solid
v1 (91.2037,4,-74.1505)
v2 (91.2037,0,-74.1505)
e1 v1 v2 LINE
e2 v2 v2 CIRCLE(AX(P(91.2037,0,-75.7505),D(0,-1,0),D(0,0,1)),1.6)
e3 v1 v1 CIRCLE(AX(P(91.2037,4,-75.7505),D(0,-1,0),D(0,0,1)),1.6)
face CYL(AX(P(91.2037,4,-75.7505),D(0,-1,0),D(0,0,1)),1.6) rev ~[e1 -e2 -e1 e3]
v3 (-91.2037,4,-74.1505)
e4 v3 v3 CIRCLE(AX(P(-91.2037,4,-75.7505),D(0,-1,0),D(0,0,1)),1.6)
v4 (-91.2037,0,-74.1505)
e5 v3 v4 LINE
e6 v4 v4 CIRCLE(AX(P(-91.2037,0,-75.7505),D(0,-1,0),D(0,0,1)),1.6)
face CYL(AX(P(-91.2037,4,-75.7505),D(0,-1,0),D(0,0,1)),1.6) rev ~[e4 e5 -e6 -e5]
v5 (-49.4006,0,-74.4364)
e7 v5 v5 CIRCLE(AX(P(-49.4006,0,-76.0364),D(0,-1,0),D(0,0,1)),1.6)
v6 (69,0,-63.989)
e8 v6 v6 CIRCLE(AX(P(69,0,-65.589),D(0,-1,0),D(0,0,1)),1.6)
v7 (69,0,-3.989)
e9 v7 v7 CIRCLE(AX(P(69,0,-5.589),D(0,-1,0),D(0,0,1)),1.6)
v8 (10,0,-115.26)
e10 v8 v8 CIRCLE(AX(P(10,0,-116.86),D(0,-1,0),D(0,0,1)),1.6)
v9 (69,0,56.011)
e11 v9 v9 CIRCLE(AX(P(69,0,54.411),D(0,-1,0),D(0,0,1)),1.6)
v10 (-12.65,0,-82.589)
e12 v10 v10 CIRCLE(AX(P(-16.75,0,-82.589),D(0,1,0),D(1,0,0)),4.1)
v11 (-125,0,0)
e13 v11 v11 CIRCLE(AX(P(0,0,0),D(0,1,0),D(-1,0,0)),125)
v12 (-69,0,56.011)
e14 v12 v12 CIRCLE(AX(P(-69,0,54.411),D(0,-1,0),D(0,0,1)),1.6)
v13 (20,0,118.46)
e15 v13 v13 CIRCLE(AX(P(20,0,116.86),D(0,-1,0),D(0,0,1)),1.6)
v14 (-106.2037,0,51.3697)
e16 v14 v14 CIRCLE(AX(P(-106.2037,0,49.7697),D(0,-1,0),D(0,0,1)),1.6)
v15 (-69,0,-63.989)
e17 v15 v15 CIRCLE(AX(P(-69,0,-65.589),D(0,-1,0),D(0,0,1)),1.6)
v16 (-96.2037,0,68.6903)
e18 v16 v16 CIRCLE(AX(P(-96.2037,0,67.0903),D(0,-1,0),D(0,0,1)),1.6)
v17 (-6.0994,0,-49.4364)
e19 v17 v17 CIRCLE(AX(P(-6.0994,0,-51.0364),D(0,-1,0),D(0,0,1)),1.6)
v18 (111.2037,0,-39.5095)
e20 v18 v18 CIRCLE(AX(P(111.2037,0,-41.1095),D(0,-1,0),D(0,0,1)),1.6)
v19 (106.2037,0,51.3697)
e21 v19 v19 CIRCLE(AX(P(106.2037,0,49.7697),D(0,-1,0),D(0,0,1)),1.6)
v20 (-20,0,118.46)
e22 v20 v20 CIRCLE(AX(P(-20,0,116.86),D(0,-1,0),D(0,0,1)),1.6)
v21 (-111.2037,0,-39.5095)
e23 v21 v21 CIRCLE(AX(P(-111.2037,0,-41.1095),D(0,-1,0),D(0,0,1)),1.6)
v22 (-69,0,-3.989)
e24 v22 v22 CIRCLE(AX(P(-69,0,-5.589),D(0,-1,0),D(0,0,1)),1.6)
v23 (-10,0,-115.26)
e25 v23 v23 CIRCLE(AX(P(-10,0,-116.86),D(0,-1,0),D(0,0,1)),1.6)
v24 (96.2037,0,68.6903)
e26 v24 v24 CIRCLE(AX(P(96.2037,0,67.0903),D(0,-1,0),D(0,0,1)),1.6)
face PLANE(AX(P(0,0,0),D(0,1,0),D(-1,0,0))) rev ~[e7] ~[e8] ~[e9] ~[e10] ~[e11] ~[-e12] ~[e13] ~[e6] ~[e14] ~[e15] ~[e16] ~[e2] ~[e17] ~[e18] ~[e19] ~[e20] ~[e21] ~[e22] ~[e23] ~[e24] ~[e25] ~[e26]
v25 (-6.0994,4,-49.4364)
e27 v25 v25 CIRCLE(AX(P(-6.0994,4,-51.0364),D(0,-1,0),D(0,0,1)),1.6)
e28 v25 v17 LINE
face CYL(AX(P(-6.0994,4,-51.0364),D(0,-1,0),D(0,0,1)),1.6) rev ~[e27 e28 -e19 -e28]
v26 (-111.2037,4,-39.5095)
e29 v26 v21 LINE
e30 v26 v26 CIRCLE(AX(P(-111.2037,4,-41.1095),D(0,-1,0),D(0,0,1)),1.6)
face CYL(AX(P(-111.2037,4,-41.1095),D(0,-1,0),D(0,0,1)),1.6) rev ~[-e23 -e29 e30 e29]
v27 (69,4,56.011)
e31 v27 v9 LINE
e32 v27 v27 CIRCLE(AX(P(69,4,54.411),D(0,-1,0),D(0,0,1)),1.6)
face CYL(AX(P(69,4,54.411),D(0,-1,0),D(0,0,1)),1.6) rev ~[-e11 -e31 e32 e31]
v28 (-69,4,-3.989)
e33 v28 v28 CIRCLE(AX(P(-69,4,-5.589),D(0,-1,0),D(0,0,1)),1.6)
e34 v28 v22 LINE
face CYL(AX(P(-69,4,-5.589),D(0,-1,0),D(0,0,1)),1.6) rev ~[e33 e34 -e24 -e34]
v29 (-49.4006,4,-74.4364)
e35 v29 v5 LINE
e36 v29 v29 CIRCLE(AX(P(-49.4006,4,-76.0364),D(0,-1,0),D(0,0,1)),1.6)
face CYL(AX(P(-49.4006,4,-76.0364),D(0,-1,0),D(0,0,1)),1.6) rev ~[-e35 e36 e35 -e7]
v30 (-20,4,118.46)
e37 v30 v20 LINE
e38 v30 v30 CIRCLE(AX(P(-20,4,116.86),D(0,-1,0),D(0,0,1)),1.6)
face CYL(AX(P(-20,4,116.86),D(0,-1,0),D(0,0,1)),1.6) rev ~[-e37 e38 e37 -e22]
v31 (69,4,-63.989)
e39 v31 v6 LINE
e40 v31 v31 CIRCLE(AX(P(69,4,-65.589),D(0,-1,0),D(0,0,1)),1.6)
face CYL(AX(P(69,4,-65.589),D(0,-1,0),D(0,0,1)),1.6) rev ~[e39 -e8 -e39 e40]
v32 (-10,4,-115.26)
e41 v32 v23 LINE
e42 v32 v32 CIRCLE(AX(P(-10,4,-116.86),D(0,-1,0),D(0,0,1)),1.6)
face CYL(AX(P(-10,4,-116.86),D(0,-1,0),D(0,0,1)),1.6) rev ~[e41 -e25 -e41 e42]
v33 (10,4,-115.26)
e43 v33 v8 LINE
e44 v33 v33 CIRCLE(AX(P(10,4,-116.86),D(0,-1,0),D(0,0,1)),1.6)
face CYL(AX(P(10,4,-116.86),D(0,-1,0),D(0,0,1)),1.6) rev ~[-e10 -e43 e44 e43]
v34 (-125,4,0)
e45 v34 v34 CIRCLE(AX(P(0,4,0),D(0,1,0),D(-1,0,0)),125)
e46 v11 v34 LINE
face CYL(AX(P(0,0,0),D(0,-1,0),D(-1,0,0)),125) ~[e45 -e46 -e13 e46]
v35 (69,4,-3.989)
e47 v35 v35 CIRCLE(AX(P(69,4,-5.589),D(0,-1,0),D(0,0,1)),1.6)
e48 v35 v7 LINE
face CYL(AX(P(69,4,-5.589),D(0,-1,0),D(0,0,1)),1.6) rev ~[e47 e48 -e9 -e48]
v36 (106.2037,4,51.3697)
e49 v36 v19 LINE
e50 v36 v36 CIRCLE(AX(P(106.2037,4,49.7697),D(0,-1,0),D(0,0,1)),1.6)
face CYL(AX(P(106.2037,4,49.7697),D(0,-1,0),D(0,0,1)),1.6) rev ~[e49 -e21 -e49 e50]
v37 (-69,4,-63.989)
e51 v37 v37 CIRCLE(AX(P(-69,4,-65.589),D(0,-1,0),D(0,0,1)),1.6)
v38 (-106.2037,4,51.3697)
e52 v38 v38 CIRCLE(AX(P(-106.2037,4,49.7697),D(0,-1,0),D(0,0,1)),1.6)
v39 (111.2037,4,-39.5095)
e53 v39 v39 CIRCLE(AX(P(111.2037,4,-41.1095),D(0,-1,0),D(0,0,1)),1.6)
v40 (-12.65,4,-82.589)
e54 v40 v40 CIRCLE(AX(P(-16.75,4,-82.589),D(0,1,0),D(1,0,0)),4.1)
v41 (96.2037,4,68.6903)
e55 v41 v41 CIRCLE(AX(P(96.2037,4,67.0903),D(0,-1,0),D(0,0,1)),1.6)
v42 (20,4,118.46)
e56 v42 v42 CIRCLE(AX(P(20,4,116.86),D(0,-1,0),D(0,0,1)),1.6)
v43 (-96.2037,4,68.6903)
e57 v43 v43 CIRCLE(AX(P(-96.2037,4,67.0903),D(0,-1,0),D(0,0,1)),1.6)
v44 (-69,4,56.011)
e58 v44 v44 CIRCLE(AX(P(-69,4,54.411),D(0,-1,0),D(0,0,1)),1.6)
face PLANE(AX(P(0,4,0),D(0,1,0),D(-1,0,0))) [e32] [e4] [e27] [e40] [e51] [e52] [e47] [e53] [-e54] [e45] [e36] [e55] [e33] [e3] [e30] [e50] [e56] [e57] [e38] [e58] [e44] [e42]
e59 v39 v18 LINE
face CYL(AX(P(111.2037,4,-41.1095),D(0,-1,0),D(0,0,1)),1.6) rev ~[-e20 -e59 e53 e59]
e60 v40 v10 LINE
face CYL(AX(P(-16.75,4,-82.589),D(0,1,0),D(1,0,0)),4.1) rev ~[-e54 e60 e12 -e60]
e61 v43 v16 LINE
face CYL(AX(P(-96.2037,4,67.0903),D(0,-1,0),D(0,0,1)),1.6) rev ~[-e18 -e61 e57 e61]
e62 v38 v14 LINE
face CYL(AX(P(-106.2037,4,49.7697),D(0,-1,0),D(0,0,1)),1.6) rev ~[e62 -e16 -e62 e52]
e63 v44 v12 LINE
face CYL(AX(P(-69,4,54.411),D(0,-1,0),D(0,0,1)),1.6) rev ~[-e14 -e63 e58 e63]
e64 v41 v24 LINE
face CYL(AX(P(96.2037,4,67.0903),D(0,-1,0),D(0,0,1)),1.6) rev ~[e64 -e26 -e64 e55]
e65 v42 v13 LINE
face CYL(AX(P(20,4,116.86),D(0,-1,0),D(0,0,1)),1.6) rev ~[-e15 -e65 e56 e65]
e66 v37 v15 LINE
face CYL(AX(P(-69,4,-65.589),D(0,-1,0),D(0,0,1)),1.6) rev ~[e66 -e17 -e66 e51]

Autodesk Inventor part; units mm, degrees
ref_plane "YZ Plane" through (0, 0, 0) normal (1, 0, 0) x (0, 1, 0)
ref_plane "XZ Plane" through (0, 0, 0) normal (0, 1, 0) x (-1, 0, 0)
ref_plane "XY Plane" through (0, 0, 0) normal (0, 0, 1) x (1, 0, 0)
sketch "スケッチ1" plane through (0, 0, 0) normal (0, 1, 0) x (-1, 0, 0)
  circle A0 centre (0, 0) radius 125
  dimension "d0" = 250
extrude "押し出し1" add sketch "スケッチ1" along normal blind 4
sketch "スケッチ2" plane through (0, 4, 0) normal (0, 1, 0) x (1, 0, 0)
  line L0 (75, -84.411) -> (-75, -84.411)
  line L1 (-75, -84.411) -> (-75, 95.589)
  line L2 (-75, 95.589) -> (75, 95.589)
  line L3 (75, 95.589) -> (75, -84.411)
  line L4 (75, -84.411) -> (-75, 95.589) construction
  line L5 (-75, -84.411) -> (75, 95.589) construction
  circle A0 centre (0, 0) radius 121.5
  line L6 (0, 0) -> (0, -125) construction
  circle A1 centre (0, 0) radius 125 projected
  line L7 (0, 0) -> (108.2532, 62.5) construction
  line L8 (0, 0) -> (-108.2532, 62.5) construction
  circle A2 centre (-16.75, 82.589) radius 4.1
  point P0 (0, 5.589)
  dimension "d3" = 150
  dimension "d4" = 180
  dimension "d5" = 243
  dimension "d8" = 360
  dimension "d12" = 16.75
  dimension "d13" = 13
  dimension "d14" = 8.2
extrude "押し出し2" cut sketch "スケッチ2" against normal blind 4 contours A2
sketch "スケッチ4" plane through (0, 4, 0) normal (0, 1, 0) x (1, 0, 0)
  circle A0 centre (0, 0) radius 121.5
  line L0 (75, -84.411) -> (-75, -84.411)
  line L1 (-75, -84.411) -> (-75, 95.589)
  line L2 (-75, 95.589) -> (75, 95.589)
  line L3 (75, 95.589) -> (75, -84.411)
  line L4 (75, -84.411) -> (-75, 95.589) construction
  line L5 (-75, -84.411) -> (75, 95.589) construction
  line L6 (0, 0) -> (0, -29.9183)
  point P0 (0, 5.589)
  point P1 (69, -54.411)
  point P2 (69, 5.589)
  point P3 (69, 65.589)
  point P4 (-69, -54.411)
  point P5 (-69, 5.589)
  point P6 (-69, 65.589)
  dimension "d17" = 243
  dimension "d18" = 150
  dimension "d19" = 180
  dimension "d20" = 30
  dimension "d21" = 6
  dimension "d22" = 60
  dimension "d23" = 60
hole "穴1" at (69, 4, 54.411) at (69, 4, -5.589) at (69, 4, -65.589) at (-69, 4, -65.589) at (-69, 4, -5.589) at (-69, 4, 54.411) direction (0, -1, 0) diameter 3.2 end through all
sketch "スケッチ5" plane through (0, 4, 0) normal (0, 1, 0) x (1, 0, 0)
  point P0 (0, 0)
  point P1 (0, -116.86)
  point P2 (20, -116.86)
  point P3 (-20, -116.86)
  point P4 (111.2037, 41.1095)
  point P5 (91.2037, 75.7505)
  point P6 (101.2037, 58.43)
  point P7 (-91.2037, 75.7505)
  point P8 (-111.2037, 41.1095)
  point P9 (-101.2037, 58.43)
  dimension "d31" = 116.86
  dimension "d32" = 20
  dimension "d33" = 20
  dimension "d36" = 360
hole "穴2" at (20, 4, 116.86) at (-20, 4, 116.86) at (111.2037, 4, -41.1095) at (91.2037, 4, -75.7505) at (-91.2037, 4, -75.7505) at (-111.2037, 4, -41.1095) direction (0, -1, 0) diameter 3.2 depth 10
sketch "スケッチ6" plane through (0, 4, 0) normal (0, 1, 0) x (1, 0, 0)
  point P0 (0, 0)
  point P1 (0, 116.86)
  point P2 (-10, 116.86)
  point P3 (10, 116.86)
  point P4 (-106.2037, -49.7697)
  point P5 (-96.2037, -67.0903)
  point P6 (-101.2037, -58.43)
  point P7 (96.2037, -67.0903)
  point P8 (106.2037, -49.7697)
  point P9 (101.2037, -58.43)
  dimension "d45" = 116.86
  dimension "d46" = 10
  dimension "d47" = 10
  dimension "d50" = 360
hole "穴3" at (-10, 4, -116.86) at (10, 4, -116.86) at (-106.2037, 4, 49.7697) at (-96.2037, 4, 67.0903) at (96.2037, 4, 67.0903) at (106.2037, 4, 49.7697) direction (0, -1, 0) diameter 3.2 depth 10
sketch "スケッチ7" plane through (0, 4, 0) normal (0, 1, 0) x (1, 0, 0)
  circle A0 centre (-16.75, 82.589) radius 4.1 projected
  line L0 (-16.75, 82.589) -> (-27.75, 63.5364) construction
  line L1 (-16.75, 82.589) -> (5.25, 82.589) construction
  line L2 (-27.75, 63.5364) -> (-49.4006, 76.0364)
  line L3 (-49.4006, 76.0364) -> (-6.0994, 51.0364) construction
  point P0 (0, 0)
  dimension "d59" = 22
  dimension "d60" = 120
  dimension "d61" = 25
  dimension "d62" = 50
hole "穴4" at (-49.4006, 4, -76.0364) at (-6.0994, 4, -51.0364) direction (0, -1, 0) diameter 3.2 depth 10
properties part number "中間台1"
